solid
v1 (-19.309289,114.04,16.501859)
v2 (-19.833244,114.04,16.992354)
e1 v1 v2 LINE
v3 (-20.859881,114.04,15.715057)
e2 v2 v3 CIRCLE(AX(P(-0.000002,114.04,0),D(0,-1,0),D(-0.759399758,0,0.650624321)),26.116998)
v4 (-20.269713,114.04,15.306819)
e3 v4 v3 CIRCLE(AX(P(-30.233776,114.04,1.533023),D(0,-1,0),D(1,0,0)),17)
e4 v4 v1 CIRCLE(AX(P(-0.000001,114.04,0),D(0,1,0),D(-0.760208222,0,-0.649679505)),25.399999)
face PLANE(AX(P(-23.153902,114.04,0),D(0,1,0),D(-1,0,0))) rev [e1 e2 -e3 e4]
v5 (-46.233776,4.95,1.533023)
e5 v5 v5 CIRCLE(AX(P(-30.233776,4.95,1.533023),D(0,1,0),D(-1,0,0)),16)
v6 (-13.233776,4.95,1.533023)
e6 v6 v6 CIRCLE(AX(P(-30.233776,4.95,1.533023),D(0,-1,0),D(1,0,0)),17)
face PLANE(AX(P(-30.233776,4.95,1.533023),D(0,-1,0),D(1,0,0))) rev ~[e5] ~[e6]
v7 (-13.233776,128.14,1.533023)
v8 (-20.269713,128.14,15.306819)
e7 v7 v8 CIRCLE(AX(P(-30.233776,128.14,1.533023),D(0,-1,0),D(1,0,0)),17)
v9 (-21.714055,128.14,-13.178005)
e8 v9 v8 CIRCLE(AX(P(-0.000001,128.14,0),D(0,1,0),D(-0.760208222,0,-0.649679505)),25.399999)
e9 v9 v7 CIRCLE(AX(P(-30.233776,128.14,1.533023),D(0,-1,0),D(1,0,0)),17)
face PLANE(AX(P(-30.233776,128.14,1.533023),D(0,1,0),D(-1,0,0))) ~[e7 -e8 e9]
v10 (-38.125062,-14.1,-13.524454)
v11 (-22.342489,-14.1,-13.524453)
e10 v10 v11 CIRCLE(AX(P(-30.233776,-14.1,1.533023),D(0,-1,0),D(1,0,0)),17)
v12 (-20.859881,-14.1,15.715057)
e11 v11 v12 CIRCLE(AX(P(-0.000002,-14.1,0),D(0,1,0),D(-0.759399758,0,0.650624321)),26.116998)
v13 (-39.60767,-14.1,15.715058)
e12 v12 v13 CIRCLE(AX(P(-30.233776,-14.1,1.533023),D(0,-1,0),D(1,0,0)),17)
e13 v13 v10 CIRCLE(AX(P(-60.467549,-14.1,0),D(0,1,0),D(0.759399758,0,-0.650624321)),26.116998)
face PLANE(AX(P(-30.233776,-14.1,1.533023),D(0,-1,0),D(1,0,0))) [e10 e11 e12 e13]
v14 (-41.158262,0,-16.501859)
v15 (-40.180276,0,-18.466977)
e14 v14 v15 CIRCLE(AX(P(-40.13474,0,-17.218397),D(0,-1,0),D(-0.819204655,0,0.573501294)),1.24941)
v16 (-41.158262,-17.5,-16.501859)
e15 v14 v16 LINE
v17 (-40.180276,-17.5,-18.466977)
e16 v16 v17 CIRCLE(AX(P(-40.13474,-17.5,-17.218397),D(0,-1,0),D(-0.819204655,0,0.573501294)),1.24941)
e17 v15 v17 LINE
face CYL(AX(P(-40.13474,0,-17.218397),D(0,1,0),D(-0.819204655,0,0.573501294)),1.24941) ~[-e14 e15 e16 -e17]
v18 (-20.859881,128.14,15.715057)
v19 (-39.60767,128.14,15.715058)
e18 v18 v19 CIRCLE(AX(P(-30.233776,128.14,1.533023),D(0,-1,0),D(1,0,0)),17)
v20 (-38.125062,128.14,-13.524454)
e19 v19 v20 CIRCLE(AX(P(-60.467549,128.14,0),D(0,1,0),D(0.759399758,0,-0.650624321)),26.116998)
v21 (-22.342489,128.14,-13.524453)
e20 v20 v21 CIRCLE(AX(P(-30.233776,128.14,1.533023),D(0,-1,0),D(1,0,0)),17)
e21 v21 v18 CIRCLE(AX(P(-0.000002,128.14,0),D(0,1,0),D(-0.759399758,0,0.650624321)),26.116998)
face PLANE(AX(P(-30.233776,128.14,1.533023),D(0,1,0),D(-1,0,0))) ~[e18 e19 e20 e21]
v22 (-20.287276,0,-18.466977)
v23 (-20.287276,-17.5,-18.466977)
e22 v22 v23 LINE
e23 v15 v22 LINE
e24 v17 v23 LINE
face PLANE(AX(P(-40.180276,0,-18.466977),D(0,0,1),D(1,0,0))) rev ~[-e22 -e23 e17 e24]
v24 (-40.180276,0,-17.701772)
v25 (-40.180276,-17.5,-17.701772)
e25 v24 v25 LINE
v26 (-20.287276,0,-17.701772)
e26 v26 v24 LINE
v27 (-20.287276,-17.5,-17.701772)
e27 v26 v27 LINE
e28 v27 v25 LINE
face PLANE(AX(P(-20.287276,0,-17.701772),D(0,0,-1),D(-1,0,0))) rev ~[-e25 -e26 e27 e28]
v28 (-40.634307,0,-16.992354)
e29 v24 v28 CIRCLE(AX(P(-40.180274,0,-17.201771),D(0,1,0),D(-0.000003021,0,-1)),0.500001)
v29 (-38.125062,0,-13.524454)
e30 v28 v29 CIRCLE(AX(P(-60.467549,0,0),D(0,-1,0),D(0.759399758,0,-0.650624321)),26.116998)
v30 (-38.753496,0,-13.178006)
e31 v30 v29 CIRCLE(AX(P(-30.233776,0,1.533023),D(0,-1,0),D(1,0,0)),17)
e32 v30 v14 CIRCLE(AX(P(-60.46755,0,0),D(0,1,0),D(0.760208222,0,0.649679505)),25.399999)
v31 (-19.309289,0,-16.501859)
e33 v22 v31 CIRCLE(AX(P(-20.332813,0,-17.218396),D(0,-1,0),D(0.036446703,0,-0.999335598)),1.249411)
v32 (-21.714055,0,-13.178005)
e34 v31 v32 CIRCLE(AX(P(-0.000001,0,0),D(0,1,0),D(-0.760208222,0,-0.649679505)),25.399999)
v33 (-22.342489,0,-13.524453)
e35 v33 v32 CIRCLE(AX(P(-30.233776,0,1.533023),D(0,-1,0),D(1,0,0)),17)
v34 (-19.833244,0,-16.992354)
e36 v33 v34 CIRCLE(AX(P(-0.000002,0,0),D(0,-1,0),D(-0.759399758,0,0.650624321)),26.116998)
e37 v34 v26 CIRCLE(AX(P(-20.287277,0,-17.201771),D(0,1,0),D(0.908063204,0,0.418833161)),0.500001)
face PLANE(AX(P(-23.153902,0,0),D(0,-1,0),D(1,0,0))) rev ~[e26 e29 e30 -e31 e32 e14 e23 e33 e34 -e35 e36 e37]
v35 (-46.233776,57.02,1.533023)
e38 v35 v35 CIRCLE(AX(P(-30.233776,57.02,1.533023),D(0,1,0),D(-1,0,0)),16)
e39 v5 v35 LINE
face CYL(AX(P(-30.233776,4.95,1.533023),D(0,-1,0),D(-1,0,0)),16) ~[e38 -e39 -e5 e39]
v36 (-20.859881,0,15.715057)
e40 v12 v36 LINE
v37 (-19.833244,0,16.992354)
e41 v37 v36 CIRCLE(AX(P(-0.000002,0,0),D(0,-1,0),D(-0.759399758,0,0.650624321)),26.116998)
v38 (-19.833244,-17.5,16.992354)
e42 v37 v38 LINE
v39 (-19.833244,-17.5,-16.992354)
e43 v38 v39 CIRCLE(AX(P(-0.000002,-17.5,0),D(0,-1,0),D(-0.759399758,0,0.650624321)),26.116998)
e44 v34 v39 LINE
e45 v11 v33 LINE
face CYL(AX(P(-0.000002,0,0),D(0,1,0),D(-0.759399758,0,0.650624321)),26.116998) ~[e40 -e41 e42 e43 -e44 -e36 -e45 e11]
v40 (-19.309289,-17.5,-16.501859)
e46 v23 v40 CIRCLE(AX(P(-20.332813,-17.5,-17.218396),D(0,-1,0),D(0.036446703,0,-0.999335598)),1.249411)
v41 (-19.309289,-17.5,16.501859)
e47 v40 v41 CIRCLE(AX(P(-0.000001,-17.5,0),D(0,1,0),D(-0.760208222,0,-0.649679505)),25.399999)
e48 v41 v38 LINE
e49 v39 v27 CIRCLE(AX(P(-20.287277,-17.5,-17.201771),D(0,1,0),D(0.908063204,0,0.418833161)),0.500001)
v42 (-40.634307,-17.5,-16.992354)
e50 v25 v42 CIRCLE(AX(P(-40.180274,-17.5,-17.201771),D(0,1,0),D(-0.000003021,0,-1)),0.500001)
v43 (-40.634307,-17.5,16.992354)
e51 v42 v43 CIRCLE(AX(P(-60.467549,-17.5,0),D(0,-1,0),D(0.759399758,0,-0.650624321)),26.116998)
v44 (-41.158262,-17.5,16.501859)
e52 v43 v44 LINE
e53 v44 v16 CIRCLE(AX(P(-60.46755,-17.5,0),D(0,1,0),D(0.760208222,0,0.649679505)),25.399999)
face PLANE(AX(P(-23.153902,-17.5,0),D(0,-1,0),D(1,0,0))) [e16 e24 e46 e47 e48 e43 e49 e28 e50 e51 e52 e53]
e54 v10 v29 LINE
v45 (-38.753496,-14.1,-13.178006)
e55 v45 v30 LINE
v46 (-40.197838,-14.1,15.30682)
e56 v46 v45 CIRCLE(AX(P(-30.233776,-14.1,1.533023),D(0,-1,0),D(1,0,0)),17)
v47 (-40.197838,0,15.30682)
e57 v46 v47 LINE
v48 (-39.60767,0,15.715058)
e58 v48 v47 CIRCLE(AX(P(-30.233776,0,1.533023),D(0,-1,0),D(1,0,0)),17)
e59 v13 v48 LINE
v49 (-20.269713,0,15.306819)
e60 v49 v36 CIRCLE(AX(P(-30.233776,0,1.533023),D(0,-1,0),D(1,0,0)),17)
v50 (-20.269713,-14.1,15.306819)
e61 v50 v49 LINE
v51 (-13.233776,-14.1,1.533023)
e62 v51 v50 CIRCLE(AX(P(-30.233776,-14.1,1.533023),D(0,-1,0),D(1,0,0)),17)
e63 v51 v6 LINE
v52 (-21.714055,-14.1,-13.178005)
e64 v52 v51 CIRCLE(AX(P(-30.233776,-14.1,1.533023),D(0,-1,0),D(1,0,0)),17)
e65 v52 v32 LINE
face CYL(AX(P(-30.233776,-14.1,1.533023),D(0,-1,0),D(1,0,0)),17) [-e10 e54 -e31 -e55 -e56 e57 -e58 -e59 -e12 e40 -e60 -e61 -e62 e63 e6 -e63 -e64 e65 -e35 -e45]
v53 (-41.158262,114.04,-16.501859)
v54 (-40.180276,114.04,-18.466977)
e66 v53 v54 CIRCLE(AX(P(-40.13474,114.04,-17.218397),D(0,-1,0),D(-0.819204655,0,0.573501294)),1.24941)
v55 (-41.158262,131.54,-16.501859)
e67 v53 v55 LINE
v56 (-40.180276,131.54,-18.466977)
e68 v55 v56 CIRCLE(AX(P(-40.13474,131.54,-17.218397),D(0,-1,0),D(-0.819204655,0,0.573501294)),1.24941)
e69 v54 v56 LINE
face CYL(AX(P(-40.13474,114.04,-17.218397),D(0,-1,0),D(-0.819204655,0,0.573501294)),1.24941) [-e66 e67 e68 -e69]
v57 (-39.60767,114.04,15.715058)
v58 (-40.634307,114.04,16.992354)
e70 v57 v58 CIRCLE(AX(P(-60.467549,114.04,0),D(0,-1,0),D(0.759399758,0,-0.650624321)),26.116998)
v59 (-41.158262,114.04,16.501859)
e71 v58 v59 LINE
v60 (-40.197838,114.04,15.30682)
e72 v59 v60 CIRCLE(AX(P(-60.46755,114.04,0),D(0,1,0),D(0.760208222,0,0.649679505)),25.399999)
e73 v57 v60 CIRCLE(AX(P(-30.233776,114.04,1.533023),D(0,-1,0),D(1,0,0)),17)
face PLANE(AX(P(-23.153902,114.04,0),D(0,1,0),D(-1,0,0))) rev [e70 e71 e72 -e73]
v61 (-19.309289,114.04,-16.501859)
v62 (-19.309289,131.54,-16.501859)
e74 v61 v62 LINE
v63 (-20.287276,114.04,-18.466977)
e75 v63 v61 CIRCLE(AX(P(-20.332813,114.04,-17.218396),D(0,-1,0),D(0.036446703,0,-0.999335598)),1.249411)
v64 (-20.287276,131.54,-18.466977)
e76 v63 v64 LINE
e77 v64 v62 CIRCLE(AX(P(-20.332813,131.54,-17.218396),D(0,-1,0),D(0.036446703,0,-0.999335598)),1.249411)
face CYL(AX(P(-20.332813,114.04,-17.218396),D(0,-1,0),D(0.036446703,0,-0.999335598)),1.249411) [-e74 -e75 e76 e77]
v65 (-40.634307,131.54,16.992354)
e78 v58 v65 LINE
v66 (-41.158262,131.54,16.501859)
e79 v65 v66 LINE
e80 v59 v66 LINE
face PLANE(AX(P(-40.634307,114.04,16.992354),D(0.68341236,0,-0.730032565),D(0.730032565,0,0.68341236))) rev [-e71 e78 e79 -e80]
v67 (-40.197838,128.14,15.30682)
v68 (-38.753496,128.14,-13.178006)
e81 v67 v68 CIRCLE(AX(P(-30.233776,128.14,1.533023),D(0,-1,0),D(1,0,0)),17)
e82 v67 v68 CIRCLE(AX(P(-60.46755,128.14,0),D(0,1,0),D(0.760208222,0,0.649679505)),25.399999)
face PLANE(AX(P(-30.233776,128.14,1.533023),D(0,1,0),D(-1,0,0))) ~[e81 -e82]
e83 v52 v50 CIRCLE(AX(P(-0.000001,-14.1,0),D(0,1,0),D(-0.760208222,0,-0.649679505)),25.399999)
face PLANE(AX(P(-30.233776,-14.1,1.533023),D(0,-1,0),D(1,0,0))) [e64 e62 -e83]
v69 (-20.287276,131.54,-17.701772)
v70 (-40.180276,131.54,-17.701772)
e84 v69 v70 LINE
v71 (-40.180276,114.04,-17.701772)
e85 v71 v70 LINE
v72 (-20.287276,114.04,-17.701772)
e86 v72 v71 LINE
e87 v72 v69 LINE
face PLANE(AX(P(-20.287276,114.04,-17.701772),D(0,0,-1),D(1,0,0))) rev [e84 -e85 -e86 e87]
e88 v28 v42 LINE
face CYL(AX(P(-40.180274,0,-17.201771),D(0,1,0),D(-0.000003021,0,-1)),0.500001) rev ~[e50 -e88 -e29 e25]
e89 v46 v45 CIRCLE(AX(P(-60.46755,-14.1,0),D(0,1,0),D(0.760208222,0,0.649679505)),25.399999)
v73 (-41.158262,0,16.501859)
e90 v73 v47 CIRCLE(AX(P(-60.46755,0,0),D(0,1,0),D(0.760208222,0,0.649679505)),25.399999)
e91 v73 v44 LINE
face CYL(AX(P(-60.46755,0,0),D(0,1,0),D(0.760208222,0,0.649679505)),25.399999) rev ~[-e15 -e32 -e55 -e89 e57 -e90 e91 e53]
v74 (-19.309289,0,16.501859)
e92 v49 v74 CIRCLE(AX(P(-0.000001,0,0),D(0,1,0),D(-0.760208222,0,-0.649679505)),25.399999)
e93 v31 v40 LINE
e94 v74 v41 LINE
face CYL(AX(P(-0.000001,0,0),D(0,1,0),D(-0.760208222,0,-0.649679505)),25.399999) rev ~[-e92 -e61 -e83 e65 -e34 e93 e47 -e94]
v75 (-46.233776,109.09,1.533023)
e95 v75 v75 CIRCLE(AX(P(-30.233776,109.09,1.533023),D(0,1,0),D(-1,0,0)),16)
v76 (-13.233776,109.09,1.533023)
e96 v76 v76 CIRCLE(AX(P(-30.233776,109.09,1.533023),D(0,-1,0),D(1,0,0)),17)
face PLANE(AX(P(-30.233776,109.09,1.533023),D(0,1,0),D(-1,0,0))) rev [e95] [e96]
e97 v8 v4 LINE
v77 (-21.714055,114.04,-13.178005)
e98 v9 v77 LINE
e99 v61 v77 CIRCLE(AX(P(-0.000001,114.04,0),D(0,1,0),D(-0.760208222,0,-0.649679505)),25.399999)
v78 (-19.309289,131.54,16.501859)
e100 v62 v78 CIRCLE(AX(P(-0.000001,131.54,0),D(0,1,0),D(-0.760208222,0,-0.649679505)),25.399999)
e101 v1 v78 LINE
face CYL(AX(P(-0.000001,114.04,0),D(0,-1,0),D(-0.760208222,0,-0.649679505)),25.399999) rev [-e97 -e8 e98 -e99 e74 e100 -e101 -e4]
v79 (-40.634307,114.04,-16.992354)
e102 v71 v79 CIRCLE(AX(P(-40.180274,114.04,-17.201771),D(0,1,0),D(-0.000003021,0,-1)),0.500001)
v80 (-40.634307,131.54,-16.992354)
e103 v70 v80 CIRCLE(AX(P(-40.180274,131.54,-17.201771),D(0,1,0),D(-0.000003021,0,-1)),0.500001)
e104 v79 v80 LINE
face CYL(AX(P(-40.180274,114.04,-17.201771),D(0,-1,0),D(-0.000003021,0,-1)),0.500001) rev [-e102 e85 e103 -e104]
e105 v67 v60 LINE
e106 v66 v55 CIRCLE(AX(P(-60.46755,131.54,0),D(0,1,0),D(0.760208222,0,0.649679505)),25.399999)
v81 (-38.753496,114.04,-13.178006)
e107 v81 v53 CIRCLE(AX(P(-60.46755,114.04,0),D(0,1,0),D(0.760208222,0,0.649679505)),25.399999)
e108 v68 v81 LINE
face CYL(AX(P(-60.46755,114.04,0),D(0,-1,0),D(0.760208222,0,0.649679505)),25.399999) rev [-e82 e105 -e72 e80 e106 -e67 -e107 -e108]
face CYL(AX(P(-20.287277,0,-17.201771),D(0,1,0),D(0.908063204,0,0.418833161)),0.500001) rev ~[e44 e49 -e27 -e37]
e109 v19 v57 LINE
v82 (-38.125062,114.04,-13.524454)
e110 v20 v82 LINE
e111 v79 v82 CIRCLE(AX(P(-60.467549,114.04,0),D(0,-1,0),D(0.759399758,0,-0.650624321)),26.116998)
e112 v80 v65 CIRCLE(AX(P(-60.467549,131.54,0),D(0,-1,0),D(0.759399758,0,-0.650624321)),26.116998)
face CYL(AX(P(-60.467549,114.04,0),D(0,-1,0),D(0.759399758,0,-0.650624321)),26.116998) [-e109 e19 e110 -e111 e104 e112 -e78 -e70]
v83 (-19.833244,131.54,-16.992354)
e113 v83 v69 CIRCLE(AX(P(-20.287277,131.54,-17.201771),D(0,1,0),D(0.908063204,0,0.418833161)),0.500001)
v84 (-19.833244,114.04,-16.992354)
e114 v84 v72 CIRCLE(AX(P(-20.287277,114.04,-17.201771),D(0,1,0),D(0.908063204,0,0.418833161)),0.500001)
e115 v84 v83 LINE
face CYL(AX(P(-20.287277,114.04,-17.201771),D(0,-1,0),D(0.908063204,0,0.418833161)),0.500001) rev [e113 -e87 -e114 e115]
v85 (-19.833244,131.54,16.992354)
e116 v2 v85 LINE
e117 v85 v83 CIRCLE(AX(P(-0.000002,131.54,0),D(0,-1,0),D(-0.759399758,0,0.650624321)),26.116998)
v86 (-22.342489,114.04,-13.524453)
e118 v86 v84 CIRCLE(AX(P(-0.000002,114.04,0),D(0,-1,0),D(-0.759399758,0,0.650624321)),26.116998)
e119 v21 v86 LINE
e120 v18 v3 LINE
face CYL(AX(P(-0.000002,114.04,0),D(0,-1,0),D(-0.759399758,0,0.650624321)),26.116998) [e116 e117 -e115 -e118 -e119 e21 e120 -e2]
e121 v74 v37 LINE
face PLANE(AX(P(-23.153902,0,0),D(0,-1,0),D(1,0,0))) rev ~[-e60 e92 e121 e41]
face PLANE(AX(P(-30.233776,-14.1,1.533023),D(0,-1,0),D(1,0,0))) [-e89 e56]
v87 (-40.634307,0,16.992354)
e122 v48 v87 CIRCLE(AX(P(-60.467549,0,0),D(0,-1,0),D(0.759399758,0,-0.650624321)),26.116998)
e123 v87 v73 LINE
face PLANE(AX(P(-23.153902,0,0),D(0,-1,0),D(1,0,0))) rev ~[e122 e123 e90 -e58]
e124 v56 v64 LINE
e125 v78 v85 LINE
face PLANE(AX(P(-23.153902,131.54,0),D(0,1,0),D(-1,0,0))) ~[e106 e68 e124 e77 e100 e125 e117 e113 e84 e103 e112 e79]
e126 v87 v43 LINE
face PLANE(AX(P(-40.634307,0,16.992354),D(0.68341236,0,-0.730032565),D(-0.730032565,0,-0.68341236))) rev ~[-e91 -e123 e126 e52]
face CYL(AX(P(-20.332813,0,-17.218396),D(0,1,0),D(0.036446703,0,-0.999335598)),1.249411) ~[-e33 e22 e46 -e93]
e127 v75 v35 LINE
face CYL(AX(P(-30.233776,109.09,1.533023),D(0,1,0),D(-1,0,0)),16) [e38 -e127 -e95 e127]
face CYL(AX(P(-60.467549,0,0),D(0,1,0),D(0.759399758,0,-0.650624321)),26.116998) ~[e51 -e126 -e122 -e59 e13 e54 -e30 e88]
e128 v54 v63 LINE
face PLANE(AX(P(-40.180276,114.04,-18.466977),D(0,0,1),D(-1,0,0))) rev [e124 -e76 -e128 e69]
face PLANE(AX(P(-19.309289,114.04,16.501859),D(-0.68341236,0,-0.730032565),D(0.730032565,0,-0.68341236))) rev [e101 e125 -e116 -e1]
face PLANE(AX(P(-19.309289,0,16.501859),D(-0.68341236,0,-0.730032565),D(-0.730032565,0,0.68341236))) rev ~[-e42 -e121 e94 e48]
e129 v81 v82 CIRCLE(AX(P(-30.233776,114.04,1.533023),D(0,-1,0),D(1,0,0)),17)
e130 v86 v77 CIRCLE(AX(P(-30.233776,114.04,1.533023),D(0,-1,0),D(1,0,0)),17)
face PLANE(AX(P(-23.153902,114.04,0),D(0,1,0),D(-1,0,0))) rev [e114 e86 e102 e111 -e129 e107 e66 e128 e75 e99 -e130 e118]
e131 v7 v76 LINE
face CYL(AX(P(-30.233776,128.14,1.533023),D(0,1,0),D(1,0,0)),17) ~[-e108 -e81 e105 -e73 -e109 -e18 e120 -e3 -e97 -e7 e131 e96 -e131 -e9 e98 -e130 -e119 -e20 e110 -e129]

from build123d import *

# Parameters (mm, degrees)
F1_DEPTH = 17.5
F3_R     = 17
F4_DEPTH = 19.05
F5_R     = 16
F6_DEPTH = 52.07


with BuildPart() as f1:
    # F0 (on Front) → F1 (new body)
    with BuildSketch(Plane.XZ):
        with BuildLine():
            Line((-19.309289, 16.501859), (-19.833244, 16.992354))
            ThreePointArc((-19.833244, 16.992354), (-26.117, 0), (-19.833244, -16.992354))
            Line((-19.833244, -16.992354), (-19.309289, -16.501859))
            ThreePointArc((-19.309289, -16.501859), (-25.4, 0), (-19.309289, 16.501859))
        make_face()
        with BuildLine():
            Line((-19.309289, -16.501859), (-19.833244, -16.992354))
            ThreePointArc((-19.833244, -16.992354), (-19.866141, -17.4713), (-20.287276, -17.701772))
            Line((-20.287276, -17.701772), (-40.180276, -17.701772))
            Line((-40.180276, -17.701772), (-40.180276, -18.466977))
            Line((-40.180276, -18.466977), (-20.287276, -18.466977))
            ThreePointArc((-20.287276, -18.466977), (-19.214267, -17.775067), (-19.309289, -16.501859))
        make_face()
        with BuildLine():
            Line((-40.180276, -18.466977), (-40.180276, -17.701772))
            ThreePointArc((-40.180276, -17.701772), (-40.60141, -17.4713), (-40.634307, -16.992354))
            Line((-40.634307, -16.992354), (-41.158262, -16.501859))
            ThreePointArc((-41.158262, -16.501859), (-41.253285, -17.775067), (-40.180276, -18.466977))
        make_face()
        with BuildLine():
            Line((-41.158262, -16.501859), (-40.634307, -16.992354))
            ThreePointArc((-40.634307, -16.992354), (-34.350551, 0), (-40.634307, 16.992354))
            Line((-40.634307, 16.992354), (-41.158262, 16.501859))
            ThreePointArc((-41.158262, 16.501859), (-35.067551, 0), (-41.158262, -16.501859))
        make_face()
    extrude(amount=F1_DEPTH)

    # F3 (on offset) → F4 (join)
    with BuildSketch(Plane.XZ.offset(14.1)):
        with Locations((-30.233776, 1.533023)):
            Circle(F3_R)
    extrude(amount=-F4_DEPTH)

    # F5 (on face) → F6 (join)
    with BuildSketch(Plane(origin=(0, 4.95, 0), x_dir=(-1, 0, 0), z_dir=(0, 1, 0))):
        with Locations((30.233776, 1.533023)):
            Circle(F5_R)
    extrude(amount=F6_DEPTH)

    # F8: F1 across plane


with BuildPart() as f1_1:
    add(f1.part)
    add(f1.part.mirror(Plane.XZ.offset(-57.02)))


solid = f1_1.part
